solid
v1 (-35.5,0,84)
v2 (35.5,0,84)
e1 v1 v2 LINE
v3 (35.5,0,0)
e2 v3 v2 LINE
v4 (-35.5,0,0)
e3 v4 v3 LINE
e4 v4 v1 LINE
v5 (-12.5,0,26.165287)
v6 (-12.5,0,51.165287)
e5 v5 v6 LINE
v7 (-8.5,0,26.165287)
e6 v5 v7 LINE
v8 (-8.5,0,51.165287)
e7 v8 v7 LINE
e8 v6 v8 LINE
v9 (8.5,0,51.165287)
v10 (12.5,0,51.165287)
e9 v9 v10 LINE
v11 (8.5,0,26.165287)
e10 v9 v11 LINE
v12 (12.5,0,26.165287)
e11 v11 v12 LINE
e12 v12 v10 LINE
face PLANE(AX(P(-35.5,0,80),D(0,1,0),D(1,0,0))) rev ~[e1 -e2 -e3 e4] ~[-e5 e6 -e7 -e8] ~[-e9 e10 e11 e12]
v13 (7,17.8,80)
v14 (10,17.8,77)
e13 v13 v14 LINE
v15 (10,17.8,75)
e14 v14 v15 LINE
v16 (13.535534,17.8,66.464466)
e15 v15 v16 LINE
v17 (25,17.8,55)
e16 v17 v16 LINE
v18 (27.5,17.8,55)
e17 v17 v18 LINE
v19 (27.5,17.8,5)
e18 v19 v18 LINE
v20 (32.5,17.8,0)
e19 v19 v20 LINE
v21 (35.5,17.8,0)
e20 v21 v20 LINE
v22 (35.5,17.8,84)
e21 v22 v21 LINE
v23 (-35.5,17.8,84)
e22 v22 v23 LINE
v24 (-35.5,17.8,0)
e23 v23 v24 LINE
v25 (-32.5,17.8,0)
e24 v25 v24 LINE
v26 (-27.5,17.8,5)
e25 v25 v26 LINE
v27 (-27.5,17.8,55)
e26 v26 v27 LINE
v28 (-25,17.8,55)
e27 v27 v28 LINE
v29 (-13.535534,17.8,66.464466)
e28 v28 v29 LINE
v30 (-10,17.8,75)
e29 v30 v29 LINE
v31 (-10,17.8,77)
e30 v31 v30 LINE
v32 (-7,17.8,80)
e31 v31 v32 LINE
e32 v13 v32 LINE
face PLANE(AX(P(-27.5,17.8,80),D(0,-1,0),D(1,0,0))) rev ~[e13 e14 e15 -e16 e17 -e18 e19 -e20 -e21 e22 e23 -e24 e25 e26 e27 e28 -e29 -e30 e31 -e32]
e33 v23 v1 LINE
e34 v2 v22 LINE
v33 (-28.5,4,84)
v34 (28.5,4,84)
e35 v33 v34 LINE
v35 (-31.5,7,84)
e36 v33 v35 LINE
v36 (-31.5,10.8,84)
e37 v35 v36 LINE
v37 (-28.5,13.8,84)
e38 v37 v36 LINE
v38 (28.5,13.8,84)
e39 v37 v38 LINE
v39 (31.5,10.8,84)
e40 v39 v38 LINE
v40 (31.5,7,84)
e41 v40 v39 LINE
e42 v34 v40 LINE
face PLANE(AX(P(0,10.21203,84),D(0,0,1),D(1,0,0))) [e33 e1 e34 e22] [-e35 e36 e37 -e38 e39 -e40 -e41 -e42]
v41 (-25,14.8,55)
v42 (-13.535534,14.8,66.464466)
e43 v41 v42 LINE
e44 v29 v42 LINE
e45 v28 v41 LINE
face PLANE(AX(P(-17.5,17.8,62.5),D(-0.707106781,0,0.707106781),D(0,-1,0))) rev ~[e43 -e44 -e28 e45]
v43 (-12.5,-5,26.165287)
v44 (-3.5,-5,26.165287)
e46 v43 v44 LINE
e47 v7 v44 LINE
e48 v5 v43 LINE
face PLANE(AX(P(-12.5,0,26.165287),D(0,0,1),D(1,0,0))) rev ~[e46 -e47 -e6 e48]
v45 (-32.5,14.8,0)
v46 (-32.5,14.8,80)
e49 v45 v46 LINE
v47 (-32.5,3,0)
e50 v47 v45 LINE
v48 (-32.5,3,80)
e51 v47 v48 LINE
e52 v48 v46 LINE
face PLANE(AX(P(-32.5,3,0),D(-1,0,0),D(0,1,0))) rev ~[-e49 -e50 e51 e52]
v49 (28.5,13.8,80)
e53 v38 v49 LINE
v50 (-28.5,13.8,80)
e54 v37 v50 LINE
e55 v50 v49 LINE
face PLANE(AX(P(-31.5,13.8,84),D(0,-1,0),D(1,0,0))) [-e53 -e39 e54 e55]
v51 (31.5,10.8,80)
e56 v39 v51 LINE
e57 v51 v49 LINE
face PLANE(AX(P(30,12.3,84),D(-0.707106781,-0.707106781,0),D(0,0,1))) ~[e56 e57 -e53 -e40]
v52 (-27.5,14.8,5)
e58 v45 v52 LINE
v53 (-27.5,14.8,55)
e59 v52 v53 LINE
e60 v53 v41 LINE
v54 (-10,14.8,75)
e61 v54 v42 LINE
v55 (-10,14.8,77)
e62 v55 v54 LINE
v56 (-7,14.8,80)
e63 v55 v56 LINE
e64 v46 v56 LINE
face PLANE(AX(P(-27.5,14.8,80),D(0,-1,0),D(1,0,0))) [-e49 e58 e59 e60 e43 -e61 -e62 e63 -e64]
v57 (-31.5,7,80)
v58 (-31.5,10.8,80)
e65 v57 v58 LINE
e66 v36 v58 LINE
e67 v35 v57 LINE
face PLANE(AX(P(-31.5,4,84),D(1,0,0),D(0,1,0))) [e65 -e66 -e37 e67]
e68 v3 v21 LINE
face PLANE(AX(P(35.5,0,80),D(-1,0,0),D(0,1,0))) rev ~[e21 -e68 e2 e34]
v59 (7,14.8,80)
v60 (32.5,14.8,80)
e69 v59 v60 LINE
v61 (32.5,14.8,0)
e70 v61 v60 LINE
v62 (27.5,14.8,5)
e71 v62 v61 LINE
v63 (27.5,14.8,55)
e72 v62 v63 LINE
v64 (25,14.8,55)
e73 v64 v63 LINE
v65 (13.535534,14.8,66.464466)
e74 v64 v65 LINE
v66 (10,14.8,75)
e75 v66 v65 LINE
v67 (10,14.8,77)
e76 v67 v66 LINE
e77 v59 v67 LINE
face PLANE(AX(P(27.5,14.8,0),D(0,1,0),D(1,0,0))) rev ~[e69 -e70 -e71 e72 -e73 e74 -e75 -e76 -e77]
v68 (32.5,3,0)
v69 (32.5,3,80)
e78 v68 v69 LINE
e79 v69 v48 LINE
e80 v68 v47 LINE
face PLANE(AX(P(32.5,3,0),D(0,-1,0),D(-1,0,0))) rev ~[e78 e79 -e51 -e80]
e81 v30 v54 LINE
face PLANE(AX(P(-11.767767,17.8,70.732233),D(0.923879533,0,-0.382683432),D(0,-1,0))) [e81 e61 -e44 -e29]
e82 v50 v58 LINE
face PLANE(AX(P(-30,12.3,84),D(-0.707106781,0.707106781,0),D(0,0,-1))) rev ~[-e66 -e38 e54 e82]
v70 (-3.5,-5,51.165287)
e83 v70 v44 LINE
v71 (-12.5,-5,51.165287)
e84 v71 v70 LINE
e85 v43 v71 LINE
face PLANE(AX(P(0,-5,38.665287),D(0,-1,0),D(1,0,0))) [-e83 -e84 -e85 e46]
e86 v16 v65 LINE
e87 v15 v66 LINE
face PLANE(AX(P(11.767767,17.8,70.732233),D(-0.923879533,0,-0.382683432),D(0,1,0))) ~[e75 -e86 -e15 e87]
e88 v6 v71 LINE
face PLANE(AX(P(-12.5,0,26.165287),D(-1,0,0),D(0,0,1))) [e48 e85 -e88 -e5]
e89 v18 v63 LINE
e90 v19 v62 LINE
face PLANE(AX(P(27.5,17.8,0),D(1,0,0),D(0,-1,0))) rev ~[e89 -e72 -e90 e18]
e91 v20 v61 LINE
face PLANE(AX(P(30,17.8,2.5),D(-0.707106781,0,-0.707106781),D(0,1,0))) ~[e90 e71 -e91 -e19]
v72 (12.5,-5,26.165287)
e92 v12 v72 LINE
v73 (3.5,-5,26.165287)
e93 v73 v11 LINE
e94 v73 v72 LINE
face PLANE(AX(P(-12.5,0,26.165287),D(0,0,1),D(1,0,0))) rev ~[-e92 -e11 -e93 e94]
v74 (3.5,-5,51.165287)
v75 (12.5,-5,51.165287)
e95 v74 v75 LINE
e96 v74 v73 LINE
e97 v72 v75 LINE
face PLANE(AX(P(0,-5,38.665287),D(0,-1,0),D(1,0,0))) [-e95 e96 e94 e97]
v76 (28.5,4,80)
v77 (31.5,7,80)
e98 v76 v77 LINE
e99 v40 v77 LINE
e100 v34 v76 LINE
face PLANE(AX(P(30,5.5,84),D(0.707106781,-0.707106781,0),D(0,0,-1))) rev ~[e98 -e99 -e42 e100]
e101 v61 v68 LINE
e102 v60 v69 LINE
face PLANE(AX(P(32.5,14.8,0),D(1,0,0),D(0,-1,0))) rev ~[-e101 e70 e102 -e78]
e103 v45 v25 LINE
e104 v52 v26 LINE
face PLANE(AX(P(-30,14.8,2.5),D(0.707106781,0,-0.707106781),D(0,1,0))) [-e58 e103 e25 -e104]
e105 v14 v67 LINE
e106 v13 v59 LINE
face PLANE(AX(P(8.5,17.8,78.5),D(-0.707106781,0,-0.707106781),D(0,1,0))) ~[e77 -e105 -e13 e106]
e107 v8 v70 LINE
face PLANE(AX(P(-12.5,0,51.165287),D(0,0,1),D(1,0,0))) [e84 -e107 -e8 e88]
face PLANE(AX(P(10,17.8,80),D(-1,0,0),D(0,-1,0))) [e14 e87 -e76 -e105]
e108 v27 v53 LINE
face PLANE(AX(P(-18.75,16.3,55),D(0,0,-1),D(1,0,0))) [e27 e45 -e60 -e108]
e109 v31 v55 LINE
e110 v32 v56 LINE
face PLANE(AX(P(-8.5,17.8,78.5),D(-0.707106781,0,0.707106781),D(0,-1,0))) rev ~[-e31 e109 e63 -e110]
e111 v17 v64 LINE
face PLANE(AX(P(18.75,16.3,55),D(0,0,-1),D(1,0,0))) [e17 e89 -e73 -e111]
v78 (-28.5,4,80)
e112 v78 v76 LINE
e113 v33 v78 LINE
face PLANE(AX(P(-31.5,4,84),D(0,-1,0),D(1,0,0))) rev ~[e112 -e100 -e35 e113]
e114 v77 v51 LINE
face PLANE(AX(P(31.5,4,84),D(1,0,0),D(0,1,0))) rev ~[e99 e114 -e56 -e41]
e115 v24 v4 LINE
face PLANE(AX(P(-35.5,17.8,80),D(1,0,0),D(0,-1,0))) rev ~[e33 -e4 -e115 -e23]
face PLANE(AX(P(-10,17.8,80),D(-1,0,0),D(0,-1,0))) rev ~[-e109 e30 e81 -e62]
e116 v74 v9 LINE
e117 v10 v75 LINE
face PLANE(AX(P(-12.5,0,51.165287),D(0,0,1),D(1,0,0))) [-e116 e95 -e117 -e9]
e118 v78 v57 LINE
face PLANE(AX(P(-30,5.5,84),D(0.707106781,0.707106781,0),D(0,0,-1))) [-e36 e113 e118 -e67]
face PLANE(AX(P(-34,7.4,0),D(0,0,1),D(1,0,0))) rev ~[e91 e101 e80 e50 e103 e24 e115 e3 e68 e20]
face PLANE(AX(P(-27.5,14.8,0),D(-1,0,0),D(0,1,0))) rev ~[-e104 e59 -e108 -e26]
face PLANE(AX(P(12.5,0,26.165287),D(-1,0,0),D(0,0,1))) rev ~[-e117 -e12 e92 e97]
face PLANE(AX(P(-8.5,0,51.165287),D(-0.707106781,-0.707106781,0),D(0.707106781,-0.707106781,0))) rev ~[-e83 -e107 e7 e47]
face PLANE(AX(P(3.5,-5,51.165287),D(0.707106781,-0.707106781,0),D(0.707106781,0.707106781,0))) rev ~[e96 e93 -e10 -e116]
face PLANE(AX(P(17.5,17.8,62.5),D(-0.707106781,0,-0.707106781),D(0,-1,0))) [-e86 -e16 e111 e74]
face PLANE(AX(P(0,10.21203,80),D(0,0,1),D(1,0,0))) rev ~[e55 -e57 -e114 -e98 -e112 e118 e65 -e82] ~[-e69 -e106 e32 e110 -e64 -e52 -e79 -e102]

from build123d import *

# Parameters (mm, degrees)
F0_W      = 32.5
F0_H      = 3
F1_DEPTH  = 80
F3_DEPTH  = 4
F4_W      = 17.5
F4_H      = 3
F5_DEPTH  = 25
F6_SIZE   = 15
F7_SIZE   = 5
F8_W      = 62.9999996811
F8_H      = 9.7999996811
F9_DEPTH  = 4
F10_SIZE  = 3
F11_SIZE  = 5
F12_W     = 25
F12_H     = 25
F13_DEPTH = 5
F15_DEPTH = 25


with BuildPart() as f1:
    # F0 (on Top) → F1 (new body)
    with BuildSketch(Plane.XY):
        Polygon((-35.5, 0), (-32.5, 0), (-32.5, 3), (-32.5, 14.8), (-35.5, 14.8), align=None)
        Polygon((32.5, 3), (32.5, 0), (35.5, 0), (35.5, 14.8), (32.5, 14.8), align=None)
        with Locations((-16.25, 1.5)):
            Rectangle(F0_W, F0_H)
        with Locations((16.25, 1.5)):
            Rectangle(F0_W, F0_H)
        Polygon((-35.5, 14.8), (-32.5, 14.8), (-27.5, 14.8), (-27.5, 17.8), (-35.5, 17.8), align=None)
        Polygon((27.5, 14.8), (32.5, 14.8), (35.5, 14.8), (35.5, 17.8), (27.5, 17.8), align=None)
    extrude(amount=F1_DEPTH)

    # F2 (on face) → F3 (join)
    with BuildSketch(Plane.XY.offset(80)):
        Polygon((27.5, 17.8), (-27.5, 17.8), (-27.5, 14.8), (-32.5, 14.8), (-32.5, 3), (32.5, 3), (32.5, 14.8), (27.5, 14.8), align=None)
        Polygon((-27.5, 17.8), (-35.5, 17.8), (-35.5, 0), (35.5, 0), (35.5, 17.8), (27.5, 17.8), (27.5, 14.8), (32.5, 14.8), (32.5, 3), (-32.5, 3), (-32.5, 14.8), (-27.5, 14.8), align=None)
    extrude(amount=F3_DEPTH)

    # F4 (on face) → F5 (join)
    with BuildSketch(Plane(origin=(0, 0, 80), x_dir=(1, 0, 0), z_dir=(0, 0, -1))):
        with Locations((-18.75, -16.3)):
            Rectangle(F4_W, F4_H)
        with Locations((18.75, -16.3)):
            Rectangle(F4_W, F4_H)
    extrude(amount=F5_DEPTH)

    # F6
    f6_edges = [f1.edges().sort_by_distance(p)[0] for p in [
        (-10, 16.3, 55),
        (10, 16.3, 55),
    ]]
    chamfer(f6_edges, length=F6_SIZE)

    # F7
    f7_edges = [f1.edges().sort_by_distance(p)[0] for p in [
        (-10, 16.3, 70),
        (10, 16.3, 70),
    ]]
    chamfer(f7_edges, length=F7_SIZE)

    # F8 (on face) → F9 (cut)
    with BuildSketch(Plane.XY.offset(84)):
        with Locations((0, 8.9)):
            Rectangle(F8_W, F8_H)
    extrude(amount=-F9_DEPTH, mode=Mode.SUBTRACT)

    # F10
    f10_edges = [f1.edges().sort_by_distance(p)[0] for p in [
        (-31.5, 13.8, 82),
        (-31.5, 4, 82),
        (31.5, 4, 82),
        (31.5, 13.8, 82),
        (10, 16.3, 80),
        (-10, 16.3, 80),
    ]]
    chamfer(f10_edges, length=F10_SIZE)

    # F11
    f11_edges = [f1.edges().sort_by_distance(p)[0] for p in [
        (-27.5, 16.3, 0),
        (27.5, 16.3, 0),
    ]]
    chamfer(f11_edges, length=F11_SIZE)

    # F12 (on face) → F13 (join)
    with BuildSketch(Plane.XZ):
        with Locations((0, 38.6652871966)):
            Rectangle(F12_W, F12_H)
    extrude(amount=F13_DEPTH)

    # F14 (on face) → F15 (cut)
    with BuildSketch(Plane.XY.offset(51.1652871966)):
        Polygon((8.5, 0), (-8.5, 0), (-3.5, -5), (3.5, -5), align=None)
    extrude(amount=-F15_DEPTH, mode=Mode.SUBTRACT)


solid = f1.part
